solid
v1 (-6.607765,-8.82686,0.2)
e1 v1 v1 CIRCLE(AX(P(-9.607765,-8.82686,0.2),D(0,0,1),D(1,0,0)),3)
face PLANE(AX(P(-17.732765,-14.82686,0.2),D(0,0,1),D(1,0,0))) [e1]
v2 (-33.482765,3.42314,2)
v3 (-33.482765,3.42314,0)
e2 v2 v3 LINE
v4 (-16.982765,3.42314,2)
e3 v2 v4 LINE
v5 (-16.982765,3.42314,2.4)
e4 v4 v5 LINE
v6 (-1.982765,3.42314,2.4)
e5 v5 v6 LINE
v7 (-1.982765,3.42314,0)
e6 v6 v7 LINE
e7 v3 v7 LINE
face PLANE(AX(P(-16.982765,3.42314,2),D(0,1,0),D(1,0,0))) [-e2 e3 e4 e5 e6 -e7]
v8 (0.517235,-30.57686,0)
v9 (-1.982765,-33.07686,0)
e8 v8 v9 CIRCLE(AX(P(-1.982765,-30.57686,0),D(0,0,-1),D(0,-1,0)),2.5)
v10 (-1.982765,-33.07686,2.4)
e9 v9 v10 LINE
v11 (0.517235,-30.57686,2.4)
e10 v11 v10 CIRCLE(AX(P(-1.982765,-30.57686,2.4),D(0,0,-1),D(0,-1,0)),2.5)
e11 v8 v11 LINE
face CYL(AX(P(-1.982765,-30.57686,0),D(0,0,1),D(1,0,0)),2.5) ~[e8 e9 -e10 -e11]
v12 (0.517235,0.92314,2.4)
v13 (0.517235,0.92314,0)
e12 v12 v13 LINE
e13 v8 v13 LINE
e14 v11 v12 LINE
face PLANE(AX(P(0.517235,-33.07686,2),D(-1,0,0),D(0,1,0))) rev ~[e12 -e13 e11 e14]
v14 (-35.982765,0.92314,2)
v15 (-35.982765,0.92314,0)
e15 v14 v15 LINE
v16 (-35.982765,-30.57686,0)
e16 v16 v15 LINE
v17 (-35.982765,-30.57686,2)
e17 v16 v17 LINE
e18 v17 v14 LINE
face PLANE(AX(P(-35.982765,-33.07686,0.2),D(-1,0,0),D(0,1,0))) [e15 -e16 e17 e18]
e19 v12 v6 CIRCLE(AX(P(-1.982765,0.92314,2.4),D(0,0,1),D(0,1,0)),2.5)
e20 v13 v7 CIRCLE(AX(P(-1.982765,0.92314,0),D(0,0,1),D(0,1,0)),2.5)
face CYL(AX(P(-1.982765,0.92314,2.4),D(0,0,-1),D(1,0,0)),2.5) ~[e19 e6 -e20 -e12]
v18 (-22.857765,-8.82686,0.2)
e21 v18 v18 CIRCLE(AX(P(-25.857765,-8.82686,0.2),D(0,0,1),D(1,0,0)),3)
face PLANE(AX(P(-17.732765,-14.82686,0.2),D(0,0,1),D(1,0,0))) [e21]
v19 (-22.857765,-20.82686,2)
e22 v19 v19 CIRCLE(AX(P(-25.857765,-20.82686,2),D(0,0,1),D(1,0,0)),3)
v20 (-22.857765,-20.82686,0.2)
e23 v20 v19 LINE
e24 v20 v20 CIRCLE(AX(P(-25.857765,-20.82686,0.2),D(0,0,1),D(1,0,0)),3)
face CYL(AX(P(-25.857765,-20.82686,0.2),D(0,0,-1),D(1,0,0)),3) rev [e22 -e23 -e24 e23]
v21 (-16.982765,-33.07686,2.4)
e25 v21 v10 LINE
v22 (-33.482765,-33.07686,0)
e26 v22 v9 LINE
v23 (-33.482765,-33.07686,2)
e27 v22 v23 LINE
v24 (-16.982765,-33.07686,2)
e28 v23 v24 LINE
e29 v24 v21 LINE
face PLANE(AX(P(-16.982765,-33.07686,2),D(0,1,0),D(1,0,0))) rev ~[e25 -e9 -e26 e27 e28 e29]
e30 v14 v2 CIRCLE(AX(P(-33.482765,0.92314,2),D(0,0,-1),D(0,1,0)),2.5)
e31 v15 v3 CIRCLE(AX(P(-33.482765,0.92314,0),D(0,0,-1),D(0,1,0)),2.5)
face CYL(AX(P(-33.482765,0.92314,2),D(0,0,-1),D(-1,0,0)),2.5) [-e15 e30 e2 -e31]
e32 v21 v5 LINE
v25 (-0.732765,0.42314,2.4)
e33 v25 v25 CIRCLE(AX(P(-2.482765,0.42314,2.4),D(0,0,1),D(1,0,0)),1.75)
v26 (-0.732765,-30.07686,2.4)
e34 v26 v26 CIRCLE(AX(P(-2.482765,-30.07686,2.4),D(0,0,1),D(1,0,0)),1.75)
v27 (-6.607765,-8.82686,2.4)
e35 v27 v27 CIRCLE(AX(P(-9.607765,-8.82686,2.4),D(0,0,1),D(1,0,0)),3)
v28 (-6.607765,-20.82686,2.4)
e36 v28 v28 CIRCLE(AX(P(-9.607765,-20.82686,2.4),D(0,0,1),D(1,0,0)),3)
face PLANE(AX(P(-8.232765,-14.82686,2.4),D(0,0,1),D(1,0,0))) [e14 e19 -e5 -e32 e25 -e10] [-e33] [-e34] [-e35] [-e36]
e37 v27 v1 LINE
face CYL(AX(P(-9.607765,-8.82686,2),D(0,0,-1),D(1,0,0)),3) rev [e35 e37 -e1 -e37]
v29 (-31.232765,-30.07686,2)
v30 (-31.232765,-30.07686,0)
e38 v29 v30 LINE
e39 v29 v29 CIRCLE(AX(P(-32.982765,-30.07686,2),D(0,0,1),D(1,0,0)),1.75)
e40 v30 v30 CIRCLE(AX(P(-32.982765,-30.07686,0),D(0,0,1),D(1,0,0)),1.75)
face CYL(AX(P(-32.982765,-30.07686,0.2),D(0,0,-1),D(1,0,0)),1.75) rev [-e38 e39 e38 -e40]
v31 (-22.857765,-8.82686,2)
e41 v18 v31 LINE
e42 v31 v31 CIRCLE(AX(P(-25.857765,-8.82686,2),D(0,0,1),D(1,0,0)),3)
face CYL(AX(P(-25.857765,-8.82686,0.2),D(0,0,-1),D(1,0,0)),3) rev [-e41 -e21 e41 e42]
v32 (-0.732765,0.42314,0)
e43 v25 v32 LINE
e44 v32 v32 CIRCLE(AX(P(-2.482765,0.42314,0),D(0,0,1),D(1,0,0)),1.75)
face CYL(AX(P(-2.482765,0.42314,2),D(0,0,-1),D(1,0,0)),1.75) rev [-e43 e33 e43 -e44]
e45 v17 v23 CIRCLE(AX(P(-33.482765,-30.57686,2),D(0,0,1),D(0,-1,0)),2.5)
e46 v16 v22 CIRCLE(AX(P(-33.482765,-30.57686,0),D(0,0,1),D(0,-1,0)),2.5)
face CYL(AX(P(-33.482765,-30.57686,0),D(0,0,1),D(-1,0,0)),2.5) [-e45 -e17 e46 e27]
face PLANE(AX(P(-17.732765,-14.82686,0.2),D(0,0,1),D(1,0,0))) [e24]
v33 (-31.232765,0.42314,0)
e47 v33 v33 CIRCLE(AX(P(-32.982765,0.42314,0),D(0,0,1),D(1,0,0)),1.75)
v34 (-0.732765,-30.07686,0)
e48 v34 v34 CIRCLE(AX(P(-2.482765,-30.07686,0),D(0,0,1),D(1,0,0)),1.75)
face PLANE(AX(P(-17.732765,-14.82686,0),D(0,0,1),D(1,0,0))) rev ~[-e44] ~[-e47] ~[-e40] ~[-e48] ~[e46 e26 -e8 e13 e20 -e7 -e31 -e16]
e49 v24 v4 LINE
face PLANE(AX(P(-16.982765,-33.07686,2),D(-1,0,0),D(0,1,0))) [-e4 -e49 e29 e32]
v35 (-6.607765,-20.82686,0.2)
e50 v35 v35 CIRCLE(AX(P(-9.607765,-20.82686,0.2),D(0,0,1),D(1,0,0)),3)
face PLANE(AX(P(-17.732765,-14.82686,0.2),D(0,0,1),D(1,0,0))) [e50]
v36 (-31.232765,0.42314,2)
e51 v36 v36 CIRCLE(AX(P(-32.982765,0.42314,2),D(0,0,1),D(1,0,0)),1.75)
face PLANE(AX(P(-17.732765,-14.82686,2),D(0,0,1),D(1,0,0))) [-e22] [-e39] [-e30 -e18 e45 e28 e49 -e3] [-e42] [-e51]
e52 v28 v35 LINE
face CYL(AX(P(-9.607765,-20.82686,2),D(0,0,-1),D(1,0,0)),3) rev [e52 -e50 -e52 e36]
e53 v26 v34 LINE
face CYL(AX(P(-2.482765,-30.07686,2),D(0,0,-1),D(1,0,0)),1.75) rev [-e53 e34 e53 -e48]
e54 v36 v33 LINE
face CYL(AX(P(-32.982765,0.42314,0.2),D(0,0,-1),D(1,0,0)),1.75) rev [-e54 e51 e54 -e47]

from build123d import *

# Parameters (mm, degrees)
F0_W     = 36.5
F0_H     = 36.5
F0_R     = 1.75
F1_DEPTH = 0.2
F2_W     = 36.5
F2_H     = 36.5
F2_R     = 1.75
F2_R_2   = 3
F3_DEPTH = 1.8
F4_W     = 17.5
F4_H     = 36.5
F4_R     = 1.75
F4_R_2   = 3
F5_DEPTH = 0.4
F6_R     = 2.5


with BuildPart() as f1:
    # F0 (on Top) → F1 (new body)
    with BuildSketch(Plane.XY):
        with Locations((-17.7327652574, -14.8268600106)):
            Rectangle(F0_W, F0_H)
        with Locations((-32.9827652574, -30.0768600106)):
            Circle(F0_R, mode=Mode.SUBTRACT)
        with Locations((-2.4827652574, -30.0768600106)):
            Circle(F0_R, mode=Mode.SUBTRACT)
        with Locations((-32.9827652574, 0.4231399894)):
            Circle(F0_R, mode=Mode.SUBTRACT)
        with Locations((-2.4827652574, 0.4231399894)):
            Circle(F0_R, mode=Mode.SUBTRACT)
    extrude(amount=F1_DEPTH)

    # F2 (on face) → F3 (join)
    with BuildSketch(Plane.XY.offset(0.2)):
        with Locations((-17.7327652574, -14.8268600106)):
            Rectangle(F2_W, F2_H)
        with Locations((-32.9827652574, -30.0768600106)):
            Circle(F2_R, mode=Mode.SUBTRACT)
        with Locations((-25.8577652574, -20.8268600106)):
            Circle(F2_R_2, mode=Mode.SUBTRACT)
        with Locations((-2.4827652574, -30.0768600106)):
            Circle(F2_R, mode=Mode.SUBTRACT)
        with Locations((-9.6077652574, -20.8268600106)):
            Circle(F2_R_2, mode=Mode.SUBTRACT)
        with Locations((-25.8577652574, -8.8268600106)):
            Circle(F2_R_2, mode=Mode.SUBTRACT)
        with Locations((-32.9827652574, 0.4231399894)):
            Circle(F2_R, mode=Mode.SUBTRACT)
        with Locations((-9.6077652574, -8.8268600106)):
            Circle(F2_R_2, mode=Mode.SUBTRACT)
        with Locations((-2.4827652574, 0.4231399894)):
            Circle(F2_R, mode=Mode.SUBTRACT)
    extrude(amount=F3_DEPTH)

    # F4 (on face) → F5 (join)
    with BuildSketch(Plane.XY.offset(2)):
        with Locations((-8.2327652574, -14.8268600106)):
            Rectangle(F4_W, F4_H)
        with Locations((-2.4827652574, -30.0768600106)):
            Circle(F4_R, mode=Mode.SUBTRACT)
        with Locations((-9.6077652574, -20.8268600106)):
            Circle(F4_R_2, mode=Mode.SUBTRACT)
        with Locations((-9.6077652574, -8.8268600106)):
            Circle(F4_R_2, mode=Mode.SUBTRACT)
        with Locations((-2.4827652574, 0.4231399894)):
            Circle(F4_R, mode=Mode.SUBTRACT)
    extrude(amount=F5_DEPTH)

    # F6
    f6_edges = [f1.edges().sort_by_distance(p)[0] for p in [
        (-35.982765, 3.42314, 1),
        (-35.982765, -33.07686, 1),
        (0.517235, -33.07686, 1.2),
        (0.517235, 3.42314, 1.2),
    ]]
    fillet(f6_edges, radius=F6_R)


solid = f1.part
